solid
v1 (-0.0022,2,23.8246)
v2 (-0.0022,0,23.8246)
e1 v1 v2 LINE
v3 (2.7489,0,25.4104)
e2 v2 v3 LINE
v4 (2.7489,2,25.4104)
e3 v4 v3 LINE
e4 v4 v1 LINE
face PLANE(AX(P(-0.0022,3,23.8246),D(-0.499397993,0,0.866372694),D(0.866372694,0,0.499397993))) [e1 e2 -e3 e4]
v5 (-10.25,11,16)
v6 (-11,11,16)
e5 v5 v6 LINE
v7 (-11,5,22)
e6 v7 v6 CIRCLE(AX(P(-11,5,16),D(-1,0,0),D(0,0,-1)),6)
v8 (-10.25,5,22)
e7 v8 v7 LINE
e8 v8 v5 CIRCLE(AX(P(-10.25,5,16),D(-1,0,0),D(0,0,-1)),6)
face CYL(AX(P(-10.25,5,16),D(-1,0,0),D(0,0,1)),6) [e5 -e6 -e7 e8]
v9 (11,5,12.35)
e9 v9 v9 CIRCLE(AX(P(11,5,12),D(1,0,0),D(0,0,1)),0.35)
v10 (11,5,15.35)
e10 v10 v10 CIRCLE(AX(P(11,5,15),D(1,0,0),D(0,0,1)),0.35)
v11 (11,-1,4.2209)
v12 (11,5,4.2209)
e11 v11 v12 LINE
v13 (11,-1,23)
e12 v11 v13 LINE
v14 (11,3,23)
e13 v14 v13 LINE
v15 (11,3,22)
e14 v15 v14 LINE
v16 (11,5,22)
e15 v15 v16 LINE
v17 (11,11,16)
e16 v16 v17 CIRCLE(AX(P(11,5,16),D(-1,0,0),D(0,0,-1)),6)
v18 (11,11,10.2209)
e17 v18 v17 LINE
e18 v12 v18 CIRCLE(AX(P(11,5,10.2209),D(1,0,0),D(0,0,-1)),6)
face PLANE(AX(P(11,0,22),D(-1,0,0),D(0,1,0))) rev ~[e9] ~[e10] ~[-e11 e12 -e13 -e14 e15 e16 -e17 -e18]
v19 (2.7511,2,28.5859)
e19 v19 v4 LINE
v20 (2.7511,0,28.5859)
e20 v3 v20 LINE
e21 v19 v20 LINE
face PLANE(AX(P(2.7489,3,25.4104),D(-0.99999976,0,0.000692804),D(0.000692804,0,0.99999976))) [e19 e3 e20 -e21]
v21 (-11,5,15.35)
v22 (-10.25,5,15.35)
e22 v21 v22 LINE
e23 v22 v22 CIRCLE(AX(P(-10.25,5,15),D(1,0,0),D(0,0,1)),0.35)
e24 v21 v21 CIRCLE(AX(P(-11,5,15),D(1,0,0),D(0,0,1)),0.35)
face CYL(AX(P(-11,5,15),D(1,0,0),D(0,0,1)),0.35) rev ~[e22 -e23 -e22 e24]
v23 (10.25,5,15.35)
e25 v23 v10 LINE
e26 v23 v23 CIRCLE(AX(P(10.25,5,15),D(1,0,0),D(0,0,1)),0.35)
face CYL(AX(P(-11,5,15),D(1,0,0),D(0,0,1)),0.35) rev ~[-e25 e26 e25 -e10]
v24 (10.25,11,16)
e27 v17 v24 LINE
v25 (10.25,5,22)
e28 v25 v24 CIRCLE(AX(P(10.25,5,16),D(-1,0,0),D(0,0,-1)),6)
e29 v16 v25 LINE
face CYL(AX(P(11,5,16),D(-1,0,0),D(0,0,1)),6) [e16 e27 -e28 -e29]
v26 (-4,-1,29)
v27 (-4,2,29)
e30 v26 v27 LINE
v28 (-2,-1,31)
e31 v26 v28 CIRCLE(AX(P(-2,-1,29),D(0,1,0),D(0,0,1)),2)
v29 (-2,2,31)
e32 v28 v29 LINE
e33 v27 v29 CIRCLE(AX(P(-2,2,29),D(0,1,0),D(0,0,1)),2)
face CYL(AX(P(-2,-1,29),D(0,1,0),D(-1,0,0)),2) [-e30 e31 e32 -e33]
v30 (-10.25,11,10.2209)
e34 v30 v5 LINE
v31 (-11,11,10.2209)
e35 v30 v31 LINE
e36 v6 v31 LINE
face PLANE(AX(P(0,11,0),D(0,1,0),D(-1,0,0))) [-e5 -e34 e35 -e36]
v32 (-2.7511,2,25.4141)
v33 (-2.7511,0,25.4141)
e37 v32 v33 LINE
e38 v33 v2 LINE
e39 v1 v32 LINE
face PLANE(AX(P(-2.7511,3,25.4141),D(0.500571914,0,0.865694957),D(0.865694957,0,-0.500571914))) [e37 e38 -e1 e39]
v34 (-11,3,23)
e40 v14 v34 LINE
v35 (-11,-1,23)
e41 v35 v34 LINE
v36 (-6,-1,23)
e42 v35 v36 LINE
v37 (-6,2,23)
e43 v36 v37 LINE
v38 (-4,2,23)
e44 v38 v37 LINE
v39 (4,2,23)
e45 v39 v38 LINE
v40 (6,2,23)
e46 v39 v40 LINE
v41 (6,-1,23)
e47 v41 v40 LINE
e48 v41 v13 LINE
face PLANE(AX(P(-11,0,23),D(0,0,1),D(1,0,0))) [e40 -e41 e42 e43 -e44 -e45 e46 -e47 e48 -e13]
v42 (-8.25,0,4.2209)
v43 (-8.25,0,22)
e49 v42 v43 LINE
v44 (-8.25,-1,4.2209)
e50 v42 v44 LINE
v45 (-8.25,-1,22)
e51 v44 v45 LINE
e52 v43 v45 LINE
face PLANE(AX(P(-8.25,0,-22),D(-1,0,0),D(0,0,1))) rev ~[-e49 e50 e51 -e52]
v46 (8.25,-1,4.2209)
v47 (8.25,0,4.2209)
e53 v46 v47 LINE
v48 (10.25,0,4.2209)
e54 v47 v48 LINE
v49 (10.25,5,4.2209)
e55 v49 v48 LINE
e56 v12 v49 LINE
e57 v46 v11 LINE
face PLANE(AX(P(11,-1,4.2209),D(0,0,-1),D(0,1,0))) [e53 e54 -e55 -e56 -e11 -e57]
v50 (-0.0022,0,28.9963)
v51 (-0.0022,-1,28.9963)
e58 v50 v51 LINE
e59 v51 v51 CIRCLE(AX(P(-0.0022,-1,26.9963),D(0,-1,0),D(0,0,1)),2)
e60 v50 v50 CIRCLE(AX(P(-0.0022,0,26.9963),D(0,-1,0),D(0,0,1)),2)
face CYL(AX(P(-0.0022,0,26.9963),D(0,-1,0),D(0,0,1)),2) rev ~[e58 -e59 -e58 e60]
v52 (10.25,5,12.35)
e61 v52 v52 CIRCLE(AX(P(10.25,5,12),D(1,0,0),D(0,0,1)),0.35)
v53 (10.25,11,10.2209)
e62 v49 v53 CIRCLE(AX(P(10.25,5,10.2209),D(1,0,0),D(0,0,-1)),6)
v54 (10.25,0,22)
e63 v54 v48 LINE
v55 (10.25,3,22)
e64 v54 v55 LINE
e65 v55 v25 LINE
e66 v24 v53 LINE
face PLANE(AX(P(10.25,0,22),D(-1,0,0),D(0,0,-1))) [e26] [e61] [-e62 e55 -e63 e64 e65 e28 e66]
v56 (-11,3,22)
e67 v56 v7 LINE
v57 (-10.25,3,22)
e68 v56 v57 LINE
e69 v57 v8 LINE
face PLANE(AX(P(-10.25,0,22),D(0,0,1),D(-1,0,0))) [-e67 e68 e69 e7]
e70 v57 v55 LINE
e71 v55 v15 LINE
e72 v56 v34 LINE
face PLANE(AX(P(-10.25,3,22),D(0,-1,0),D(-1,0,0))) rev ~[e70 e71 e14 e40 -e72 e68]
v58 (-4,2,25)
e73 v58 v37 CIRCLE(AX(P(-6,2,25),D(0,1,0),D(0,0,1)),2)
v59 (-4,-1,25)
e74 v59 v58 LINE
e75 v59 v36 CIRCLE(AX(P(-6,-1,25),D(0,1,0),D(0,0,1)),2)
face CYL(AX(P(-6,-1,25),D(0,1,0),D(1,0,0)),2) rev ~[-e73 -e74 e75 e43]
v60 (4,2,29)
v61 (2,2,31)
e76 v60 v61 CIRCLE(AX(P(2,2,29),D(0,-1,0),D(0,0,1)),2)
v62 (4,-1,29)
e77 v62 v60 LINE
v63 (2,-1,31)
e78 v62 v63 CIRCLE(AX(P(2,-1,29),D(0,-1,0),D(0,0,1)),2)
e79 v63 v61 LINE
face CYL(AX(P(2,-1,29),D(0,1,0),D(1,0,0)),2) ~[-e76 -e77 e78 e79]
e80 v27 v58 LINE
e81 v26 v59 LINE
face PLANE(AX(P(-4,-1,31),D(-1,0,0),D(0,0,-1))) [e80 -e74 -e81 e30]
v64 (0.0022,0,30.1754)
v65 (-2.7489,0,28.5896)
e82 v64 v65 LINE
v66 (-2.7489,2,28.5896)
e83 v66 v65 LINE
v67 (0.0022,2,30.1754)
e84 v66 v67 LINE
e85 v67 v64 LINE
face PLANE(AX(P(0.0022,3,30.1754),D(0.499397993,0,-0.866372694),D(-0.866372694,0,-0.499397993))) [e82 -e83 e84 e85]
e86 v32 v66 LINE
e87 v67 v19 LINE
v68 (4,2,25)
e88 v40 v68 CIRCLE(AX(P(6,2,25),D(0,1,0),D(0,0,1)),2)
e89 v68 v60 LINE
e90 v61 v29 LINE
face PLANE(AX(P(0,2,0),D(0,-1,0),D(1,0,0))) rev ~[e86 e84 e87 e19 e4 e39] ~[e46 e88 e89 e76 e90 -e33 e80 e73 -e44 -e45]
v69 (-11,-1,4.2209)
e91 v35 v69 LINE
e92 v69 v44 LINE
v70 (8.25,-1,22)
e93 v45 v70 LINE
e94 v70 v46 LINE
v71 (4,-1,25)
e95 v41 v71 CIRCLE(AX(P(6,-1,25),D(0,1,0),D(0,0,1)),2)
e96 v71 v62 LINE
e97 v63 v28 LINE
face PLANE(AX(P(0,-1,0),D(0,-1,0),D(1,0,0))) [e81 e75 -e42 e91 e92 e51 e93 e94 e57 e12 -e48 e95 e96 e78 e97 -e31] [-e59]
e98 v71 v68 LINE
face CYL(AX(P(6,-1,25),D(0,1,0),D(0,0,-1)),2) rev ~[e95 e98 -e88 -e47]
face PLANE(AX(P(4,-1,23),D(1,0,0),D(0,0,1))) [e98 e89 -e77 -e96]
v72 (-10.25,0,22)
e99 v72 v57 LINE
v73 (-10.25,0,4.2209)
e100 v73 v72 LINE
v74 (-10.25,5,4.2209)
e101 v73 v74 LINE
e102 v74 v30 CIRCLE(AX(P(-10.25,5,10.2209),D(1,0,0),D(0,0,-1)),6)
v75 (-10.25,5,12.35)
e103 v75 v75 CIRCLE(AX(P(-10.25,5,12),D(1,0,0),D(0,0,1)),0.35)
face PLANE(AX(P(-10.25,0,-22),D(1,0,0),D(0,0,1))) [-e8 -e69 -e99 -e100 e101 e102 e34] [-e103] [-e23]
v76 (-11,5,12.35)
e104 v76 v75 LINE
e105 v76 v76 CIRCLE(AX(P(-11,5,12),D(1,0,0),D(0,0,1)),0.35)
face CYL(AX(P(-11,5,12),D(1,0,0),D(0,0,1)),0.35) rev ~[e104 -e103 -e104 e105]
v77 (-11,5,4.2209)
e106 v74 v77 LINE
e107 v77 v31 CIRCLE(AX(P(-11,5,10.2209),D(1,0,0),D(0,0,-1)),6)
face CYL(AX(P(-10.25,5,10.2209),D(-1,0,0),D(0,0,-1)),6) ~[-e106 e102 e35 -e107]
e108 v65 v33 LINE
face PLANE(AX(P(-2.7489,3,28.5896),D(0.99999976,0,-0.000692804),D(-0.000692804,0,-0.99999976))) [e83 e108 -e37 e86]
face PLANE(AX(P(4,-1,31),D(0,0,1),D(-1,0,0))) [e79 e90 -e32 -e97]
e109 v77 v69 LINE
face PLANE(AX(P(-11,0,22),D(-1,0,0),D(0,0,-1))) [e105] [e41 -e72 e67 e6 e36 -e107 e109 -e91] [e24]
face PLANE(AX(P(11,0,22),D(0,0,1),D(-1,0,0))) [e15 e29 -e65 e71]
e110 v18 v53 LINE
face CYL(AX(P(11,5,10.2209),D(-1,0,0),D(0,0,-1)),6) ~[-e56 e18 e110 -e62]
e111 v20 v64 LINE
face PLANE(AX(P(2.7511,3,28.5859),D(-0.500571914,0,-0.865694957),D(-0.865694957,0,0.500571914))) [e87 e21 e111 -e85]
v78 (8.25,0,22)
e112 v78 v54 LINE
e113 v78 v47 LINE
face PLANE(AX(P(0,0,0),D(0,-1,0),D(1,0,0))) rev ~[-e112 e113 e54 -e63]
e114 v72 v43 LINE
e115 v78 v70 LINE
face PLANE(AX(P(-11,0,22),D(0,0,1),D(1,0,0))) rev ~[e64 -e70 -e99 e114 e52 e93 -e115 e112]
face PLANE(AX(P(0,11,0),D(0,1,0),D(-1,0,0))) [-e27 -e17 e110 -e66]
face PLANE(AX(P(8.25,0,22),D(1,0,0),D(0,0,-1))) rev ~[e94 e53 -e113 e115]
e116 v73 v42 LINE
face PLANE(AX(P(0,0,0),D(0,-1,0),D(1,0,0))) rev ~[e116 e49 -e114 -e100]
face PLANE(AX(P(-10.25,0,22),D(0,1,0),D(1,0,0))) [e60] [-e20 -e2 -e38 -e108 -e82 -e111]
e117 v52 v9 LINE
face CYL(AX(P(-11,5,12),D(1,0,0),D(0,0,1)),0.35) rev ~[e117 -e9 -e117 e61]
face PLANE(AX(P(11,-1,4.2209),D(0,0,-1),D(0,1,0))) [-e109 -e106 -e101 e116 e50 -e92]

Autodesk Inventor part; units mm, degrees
ref_plane "YZ Plane" through (0, 0, 0) normal (1, 0, 0) x (0, 1, 0)
ref_plane "XZ Plane" through (0, 0, 0) normal (0, 1, 0) x (-1, 0, 0)
ref_plane "XY Plane" through (0, 0, 0) normal (0, 0, 1) x (1, 0, 0)
sketch "Sketch1" plane through (0, 0, 0) normal (0, 1, 0) x (-1, 0, 0)
  line L0 (10.25, 22) -> (-10.25, 22)
  line L1 (-10.25, 22) -> (-10.25, -22)
  line L2 (-10.25, -22) -> (10.25, -22)
  line L3 (10.25, -22) -> (10.25, 22)
  line L4 (10.25, 22) -> (-10.25, -22) construction
  line L5 (-10.25, 22) -> (10.25, -22) construction
  line L6 (-11, 22) -> (11, 22)
  line L7 (11, 22) -> (11, -22)
  line L8 (11, -22) -> (-11, -22)
  line L9 (-11, -22) -> (-11, 22)
  line L10 (-11, 22) -> (11, -22) construction
  line L11 (11, 22) -> (-11, -22) construction
  point P0 (0, 0)
  dimension "d0" = 20.5
  dimension "d1" = 44
  dimension "d2" = 22
extrude "Extrusion1" add sketch "Sketch1" along normal blind 11 contours L6 L7 L8 L3 | L1 L8 L9 L6
sketch "Sketch2" plane through (-11, 0, 22) normal (0, 0, 1) x (1, 0, 0)
  line L0 (0.75, 0) -> (0.75, 11) projected
  line L1 (0.75, 0) -> (0.75, 11) projected
  line L2 (0, 11) -> (0.75, 11) projected
  line L3 (0, 0) -> (0, 11) projected
  line L4 (0.75, 0) -> (0, 0) projected
  line L5 (21.25, 11) -> (21.25, 0) projected
  line L6 (22, 0) -> (21.25, 0) projected
  line L7 (22, 0) -> (22, 11) projected
  line L8 (21.25, 11) -> (22, 11) projected
  line L9 (0, 0) -> (0, 11) projected
  line L10 (22, 0) -> (22, 11) projected
  line L11 (0, 0) -> (22, 0)
  line L12 (22, 0) -> (22, 3)
  line L13 (22, 3) -> (0, 3)
  line L14 (0, 3) -> (0, 0)
  point P0 (11, 0)
  dimension "d5" = 3
extrude "Extrusion2" add sketch "Sketch2" along normal blind 1 contours L4 L3 L13 L0 | L0 L13 L5 L11 | L5 L13 L7 L6
mirror "Mirror1" about plane through (0, 0, 0) normal (0, 0, 1) of "Extrusion2"
sketch "Sketch3" plane through (0, 0, 0) normal (0, -1, 0) x (1, 0, 0)
  line L0 (-11, -23) -> (11, -23) projected
  line L1 (8.25, -23) -> (11, -23)
  line L2 (11, -23) -> (11, 23)
  line L3 (11, 23) -> (8.25, 23)
  line L4 (8.25, 23) -> (8.25, -23)
  line L5 (10.25, 22) -> (10.25, -22) projected
  line L6 (-10.25, -22) -> (-10.25, 22) projected
  line L7 (-10.25, 22) -> (10.25, 22) projected
  line L8 (10.25, 22) -> (10.25, -22) projected
  line L9 (-10.25, -22) -> (10.25, -22) projected
  line L10 (-11, 23) -> (-11, -23) projected
  line L11 (-11, -23) -> (11, -23) projected
  line L12 (11, -23) -> (11, 23) projected
  line L13 (-11, 23) -> (11, 23) projected
  line L14 (-11, -23) -> (-8.25, -23)
  line L15 (-8.25, -23) -> (-8.25, 23)
  line L16 (-8.25, 23) -> (-11, 23)
  line L17 (-11, 23) -> (-11, -23)
  point P0 (0, 0)
  dimension "d9" = 2
  dimension "d10" = 2
extrude "Extrusion3" add sketch "Sketch3" along normal blind 1 contours L10 L13 L15 L7 L6 L9 L0 | L15 L9 L4 L0 | L4 L9 L5 L7 L3 L2 L0 | L9 L6 L7 L15 | L13 L4 L7 L15 | L4 L7 L5 L9
sketch "Sketch4" plane through (11, -1, 23) normal (1, 0, 0) x (0, 0, -1)
  line L0 (1, 4) -> (1, 12) projected
  line L1 (0, 4) -> (0, 0) projected
  line L2 (46, 0) -> (0, 0) projected
  line L3 (46, 0) -> (46, 4) projected
  line L4 (45, 4) -> (45, 12) projected
  line L5 (1, 12) -> (45, 12) projected
  line L6 (45.7791, 4) -> (18.7791, 4)
  line L7 (18.7791, 4) -> (18.7791, 20.689)
  line L8 (18.7791, 20.689) -> (45.7791, 20.689)
  line L9 (45.7791, 20.689) -> (45.7791, 4)
  line L10 (45, 4) -> (46, 4) projected
  line L11 (1, 4) -> (0, 4) projected
  point P0 (23, 1)
  dimension "d14" = 27
extrude "Extrusion4" cut sketch "Sketch4" against normal through all contours L7 L8 L9 L6 L4 L5 | L5 L4 L6 L7
sketch "Sketch5" plane through (11, -1, 23) normal (1, 0, 0) x (0, 0, -1)
  point P0 (23, 1)
sketch "Sketch6" plane through (11, -1, 23) normal (1, 0, 0) x (0, 0, -1)
  line L0 (46, 4) -> (18.7791, 4) projected
  line L1 (18.7791, 4) -> (18.7791, 12) projected
  line L2 (1, 12) -> (18.7791, 12) projected
  line L3 (1, 4) -> (1, 12) projected
  line L4 (0, 4) -> (0, 0) projected
  line L5 (46, 0) -> (0, 0) projected
  line L6 (46, 0) -> (46, 4) projected
  line L7 (18.7791, 8.8707) -> (57.7172, 8.8707)
  line L8 (57.7172, 8.8707) -> (57.7172, -3.4205)
  line L9 (57.7172, -3.4205) -> (18.7791, -3.4205)
  line L10 (18.7791, -3.4205) -> (18.7791, 8.8707)
  line L11 (1, 4) -> (0, 4) projected
  point P0 (23, 1)
extrude "Extrusion5" cut sketch "Sketch6" against normal through all contours L6 L5 L10 L0 | L0 L1 L7 L8 L9 L10 L5 L6
sketch "Sketch7" plane through (-11, 3, 22) normal (-1, 0, 0) x (0, 0, 1)
  line L0 (1, -4) -> (-17.7791, -4) projected
  line L1 (1, 0) -> (1, -4) projected
  point P0 (-22, -3)
  point P1 (-7, 2)
  point P2 (-10, 2)
  dimension "d19" = 6
  dimension "d20" = 6
  dimension "d21" = 8
  dimension "d22" = 3
hole "Hole1" at (-11, 5, 15) at (-11, 5, 12) direction (1, 0, 0) diameter 0.7 end through all
sketch "Sketch8" plane through (0, -1, 0) normal (0, -1, 0) x (1, 0, 0)
  line L0 (-11, 4.2209) -> (-8.25, 4.2209) projected
  line L1 (-8.25, 22) -> (-8.25, 4.2209) projected
  line L2 (-8.25, 22) -> (8.25, 22) projected
  line L3 (8.25, 4.2209) -> (8.25, 22) projected
  line L4 (8.25, 4.2209) -> (11, 4.2209) projected
  line L5 (11, 4.2209) -> (11, 23) projected
  line L6 (11, 23) -> (-11, 23) projected
  line L7 (-11, 23) -> (-11, 4.2209) projected
  line L8 (11, 23) -> (-11, 23) projected
  line L9 (4, 31) -> (-4, 31)
  line L10 (-4, 31) -> (-4, 23)
  line L11 (-4, 23) -> (4, 23)
  line L12 (4, 23) -> (4, 31)
  line L13 (4, 31) -> (-4, 23) construction
  line L14 (-4, 31) -> (4, 23) construction
  point P0 (0, 0)
  point P1 (0, 27)
  dimension "d30" = 8
  dimension "d31" = 0
  dimension "d32" = 8
extrude "Extrusion6" add sketch "Sketch8" against normal blind 3 contours L10 L9 L12 L6
sketch "Sketch9" plane through (-10.25, 3, 22) normal (0, 1, 0) x (1, 0, 0)
  line L0 (20.5, 0) -> (21.25, 0) projected
  line L1 (20.5, 0) -> (0, 0) projected
  line L2 (-0.75, 0) -> (0, 0) projected
  line L3 (-0.75, 0) -> (-0.75, -1) projected
  line L4 (21.25, -1) -> (-0.75, -1) projected
  line L5 (21.25, 0) -> (21.25, -1) projected
  line L6 (7.5011, -6.5896) -> (7.4989, -3.4141)
  line L7 (7.4989, -3.4141) -> (10.2478, -1.8246)
  line L8 (10.2478, -1.8246) -> (12.9989, -3.4104)
  line L9 (12.9989, -3.4104) -> (13.0011, -6.5859)
  line L10 (13.0011, -6.5859) -> (10.2522, -8.1754)
  line L11 (10.2522, -8.1754) -> (7.5011, -6.5896)
  line L12 (6.25, -1) -> (14.25, -1) projected
  line L13 (6.25, -1) -> (6.25, -9) projected
  line L14 (6.25, -9) -> (14.25, -9) projected
  line L15 (14.25, -9) -> (14.25, -1) projected
  point P0 (10.25, 22)
  point P1 (10.25, -5)
  dimension "d35" = 5.5
  dimension "d38" = 4
extrude "Extrusion7" cut sketch "Sketch9" against normal blind 3 contours L6 L7 L8 L9 L10 L11
sketch "Sketch10" plane through (-10.25, 0, 22) normal (0, 1, 0) x (1, 0, 0)
  line L0 (7.5011, -6.5896) -> (7.4989, -3.4141) projected
  line L1 (10.2522, -8.1754) -> (7.5011, -6.5896) projected
  line L2 (13.0011, -6.5859) -> (10.2522, -8.1754) projected
  line L3 (12.9989, -3.4104) -> (13.0011, -6.5859) projected
  line L4 (10.2478, -1.8246) -> (12.9989, -3.4104) projected
  line L5 (7.4989, -3.4141) -> (10.2478, -1.8246) projected
  point P0 (10.25, 22)
  point P1 (10.2478, -4.9963)
hole "Hole2" at (-0.0022, 0, 26.9963) direction (0, -1, 0) diameter 4 end through all
fillet "Fillet3" radius 2 2 edges at (-4, 0.5, 31) (4, 0.5, 31)
fillet "Fillet4" radius 2 2 edges at (4, 0.5, 23) (-4, 0.5, 23)
fillet "Fillet5" radius 6 4 edges at (-10.625, 11, 22) (10.625, 11, 22) (10.625, 11, 4.2209) (-10.625, 11, 4.2209)
properties part number "protoboard_harness"
